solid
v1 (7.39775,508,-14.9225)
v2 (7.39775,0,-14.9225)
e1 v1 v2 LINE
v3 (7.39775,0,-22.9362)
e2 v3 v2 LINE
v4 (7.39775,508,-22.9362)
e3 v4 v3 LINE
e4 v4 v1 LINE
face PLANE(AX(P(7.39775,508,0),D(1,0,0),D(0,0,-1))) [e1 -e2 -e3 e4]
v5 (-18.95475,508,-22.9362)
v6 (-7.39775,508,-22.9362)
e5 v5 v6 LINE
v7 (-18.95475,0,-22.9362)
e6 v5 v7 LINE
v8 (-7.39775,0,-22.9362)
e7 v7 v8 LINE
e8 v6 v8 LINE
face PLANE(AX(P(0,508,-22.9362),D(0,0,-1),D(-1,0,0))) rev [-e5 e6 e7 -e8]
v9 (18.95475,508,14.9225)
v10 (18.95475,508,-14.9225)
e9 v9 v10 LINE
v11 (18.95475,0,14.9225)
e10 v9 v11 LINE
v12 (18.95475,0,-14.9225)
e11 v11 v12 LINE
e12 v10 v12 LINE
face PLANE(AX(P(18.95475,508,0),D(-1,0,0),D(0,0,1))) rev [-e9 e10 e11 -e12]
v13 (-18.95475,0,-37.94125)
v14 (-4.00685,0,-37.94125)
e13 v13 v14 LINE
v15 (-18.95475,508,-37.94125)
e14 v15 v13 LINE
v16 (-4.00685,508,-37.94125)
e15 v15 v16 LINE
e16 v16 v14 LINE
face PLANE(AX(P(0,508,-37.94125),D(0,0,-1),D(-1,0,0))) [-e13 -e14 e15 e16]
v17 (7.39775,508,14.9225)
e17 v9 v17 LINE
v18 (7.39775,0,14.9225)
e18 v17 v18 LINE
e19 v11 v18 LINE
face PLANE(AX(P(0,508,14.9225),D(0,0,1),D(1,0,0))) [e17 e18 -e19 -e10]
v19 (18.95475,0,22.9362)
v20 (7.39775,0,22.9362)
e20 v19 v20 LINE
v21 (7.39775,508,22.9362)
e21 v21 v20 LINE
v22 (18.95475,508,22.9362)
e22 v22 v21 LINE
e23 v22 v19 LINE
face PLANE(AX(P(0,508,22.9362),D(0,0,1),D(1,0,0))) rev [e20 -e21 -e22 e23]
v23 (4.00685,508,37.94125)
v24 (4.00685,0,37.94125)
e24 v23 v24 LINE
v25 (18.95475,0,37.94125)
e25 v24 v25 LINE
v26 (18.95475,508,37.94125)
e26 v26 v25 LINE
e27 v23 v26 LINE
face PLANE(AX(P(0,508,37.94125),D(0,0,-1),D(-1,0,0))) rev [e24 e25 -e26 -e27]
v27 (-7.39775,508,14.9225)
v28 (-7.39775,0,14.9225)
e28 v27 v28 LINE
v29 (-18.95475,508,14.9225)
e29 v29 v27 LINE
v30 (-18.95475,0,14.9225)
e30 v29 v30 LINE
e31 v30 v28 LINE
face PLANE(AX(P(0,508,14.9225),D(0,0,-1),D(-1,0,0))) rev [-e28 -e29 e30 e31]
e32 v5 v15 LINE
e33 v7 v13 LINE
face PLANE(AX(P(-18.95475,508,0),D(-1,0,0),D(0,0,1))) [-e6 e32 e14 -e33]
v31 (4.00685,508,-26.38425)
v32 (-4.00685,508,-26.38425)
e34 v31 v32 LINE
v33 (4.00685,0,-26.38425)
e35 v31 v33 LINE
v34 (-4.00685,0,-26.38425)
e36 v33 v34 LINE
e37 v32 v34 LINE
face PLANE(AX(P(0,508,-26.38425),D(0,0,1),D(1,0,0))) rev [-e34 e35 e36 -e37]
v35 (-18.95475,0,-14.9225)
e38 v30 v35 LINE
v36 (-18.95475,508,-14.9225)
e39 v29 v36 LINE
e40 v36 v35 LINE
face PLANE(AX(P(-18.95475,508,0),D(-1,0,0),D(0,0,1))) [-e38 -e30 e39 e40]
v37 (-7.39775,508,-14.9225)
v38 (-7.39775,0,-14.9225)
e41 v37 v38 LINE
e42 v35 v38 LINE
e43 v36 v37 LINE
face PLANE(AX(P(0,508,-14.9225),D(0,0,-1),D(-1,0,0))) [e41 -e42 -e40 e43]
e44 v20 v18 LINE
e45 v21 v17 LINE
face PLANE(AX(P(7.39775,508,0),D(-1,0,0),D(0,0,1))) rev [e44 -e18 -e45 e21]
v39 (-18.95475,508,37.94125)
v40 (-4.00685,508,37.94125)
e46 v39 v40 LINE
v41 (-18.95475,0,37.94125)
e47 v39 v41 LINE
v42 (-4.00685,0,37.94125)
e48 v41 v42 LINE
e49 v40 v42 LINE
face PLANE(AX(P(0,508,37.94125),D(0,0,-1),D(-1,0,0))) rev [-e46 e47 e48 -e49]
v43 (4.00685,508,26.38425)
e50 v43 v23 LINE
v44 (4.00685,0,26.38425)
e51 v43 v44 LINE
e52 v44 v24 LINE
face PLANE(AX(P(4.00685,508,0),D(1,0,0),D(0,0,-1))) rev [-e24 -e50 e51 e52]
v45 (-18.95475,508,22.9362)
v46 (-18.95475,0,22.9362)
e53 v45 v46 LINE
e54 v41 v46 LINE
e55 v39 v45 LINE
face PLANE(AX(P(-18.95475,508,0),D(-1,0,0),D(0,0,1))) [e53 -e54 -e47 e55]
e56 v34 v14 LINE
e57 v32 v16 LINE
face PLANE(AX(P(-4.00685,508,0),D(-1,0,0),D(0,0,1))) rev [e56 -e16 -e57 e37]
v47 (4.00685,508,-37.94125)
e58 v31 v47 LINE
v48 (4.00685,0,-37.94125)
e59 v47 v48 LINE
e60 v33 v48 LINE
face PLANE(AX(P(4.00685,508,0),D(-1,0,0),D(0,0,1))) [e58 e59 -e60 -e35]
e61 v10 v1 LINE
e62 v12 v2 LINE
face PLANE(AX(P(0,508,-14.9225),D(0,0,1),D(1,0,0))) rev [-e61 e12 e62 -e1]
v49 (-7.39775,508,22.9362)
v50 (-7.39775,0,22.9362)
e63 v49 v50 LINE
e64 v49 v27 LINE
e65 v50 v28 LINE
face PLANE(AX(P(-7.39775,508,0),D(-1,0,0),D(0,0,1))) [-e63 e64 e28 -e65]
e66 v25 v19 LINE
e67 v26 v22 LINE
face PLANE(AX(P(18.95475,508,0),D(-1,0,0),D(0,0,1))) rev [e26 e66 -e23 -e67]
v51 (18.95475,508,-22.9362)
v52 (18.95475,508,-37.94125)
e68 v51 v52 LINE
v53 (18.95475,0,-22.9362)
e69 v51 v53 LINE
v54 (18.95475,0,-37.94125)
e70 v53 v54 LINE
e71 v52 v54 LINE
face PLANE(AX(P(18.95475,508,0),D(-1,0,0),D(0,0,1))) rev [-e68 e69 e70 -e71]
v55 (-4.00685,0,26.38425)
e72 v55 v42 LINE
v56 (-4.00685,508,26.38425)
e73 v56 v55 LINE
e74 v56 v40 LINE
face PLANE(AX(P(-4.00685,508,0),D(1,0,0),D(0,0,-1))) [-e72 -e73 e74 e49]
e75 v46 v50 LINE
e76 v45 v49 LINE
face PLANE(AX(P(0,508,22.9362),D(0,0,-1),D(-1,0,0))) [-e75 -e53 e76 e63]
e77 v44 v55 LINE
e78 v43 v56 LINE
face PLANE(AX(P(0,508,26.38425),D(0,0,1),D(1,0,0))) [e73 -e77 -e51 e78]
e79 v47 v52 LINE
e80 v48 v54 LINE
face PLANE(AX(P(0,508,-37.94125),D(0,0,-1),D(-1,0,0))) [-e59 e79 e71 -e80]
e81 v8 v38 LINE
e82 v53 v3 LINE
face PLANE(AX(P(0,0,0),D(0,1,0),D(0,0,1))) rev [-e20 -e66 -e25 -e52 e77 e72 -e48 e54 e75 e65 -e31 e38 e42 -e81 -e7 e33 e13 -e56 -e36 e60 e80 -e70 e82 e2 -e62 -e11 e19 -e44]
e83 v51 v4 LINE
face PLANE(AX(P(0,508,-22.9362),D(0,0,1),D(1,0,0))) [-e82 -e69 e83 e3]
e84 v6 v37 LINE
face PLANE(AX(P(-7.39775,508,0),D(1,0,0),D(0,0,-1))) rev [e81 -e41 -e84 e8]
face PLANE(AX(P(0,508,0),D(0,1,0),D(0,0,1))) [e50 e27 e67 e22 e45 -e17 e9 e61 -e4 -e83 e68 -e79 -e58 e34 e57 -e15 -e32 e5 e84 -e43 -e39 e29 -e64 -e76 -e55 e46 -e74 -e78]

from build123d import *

# Parameters (mm, degrees)
BOSS_EXTRUDE1_DEPTH = 508


with BuildPart() as part:
    # Sketch1 → Boss-Extrude1 (new body)
    with BuildSketch(Plane(origin=(0, 0, 0), x_dir=(1, 0, 0), z_dir=(0, 1, 0))):
        Polygon((-18.95475, -22.9362), (-18.95475, -37.94125), (-4.00685, -37.94125), (-4.00685, -26.38425), (4.00685, -26.38425), (4.00685, -37.94125), (18.95475, -37.94125), (18.95475, -22.9362), (7.39775, -22.9362), (7.39775, -14.9225), (18.95475, -14.9225), (18.95475, 14.9225), (7.39775, 14.9225), (7.39775, 22.9362), (18.95475, 22.9362), (18.95475, 37.94125), (4.00685, 37.94125), (4.00685, 26.38425), (-4.00685, 26.38425), (-4.00685, 37.94125), (-18.95475, 37.94125), (-18.95475, 22.9362), (-7.39775, 22.9362), (-7.39775, 14.9225), (-18.95475, 14.9225), (-18.95475, -14.9225), (-7.39775, -14.9225), (-7.39775, -22.9362), align=None)
    extrude(amount=BOSS_EXTRUDE1_DEPTH)


solid = part.part
